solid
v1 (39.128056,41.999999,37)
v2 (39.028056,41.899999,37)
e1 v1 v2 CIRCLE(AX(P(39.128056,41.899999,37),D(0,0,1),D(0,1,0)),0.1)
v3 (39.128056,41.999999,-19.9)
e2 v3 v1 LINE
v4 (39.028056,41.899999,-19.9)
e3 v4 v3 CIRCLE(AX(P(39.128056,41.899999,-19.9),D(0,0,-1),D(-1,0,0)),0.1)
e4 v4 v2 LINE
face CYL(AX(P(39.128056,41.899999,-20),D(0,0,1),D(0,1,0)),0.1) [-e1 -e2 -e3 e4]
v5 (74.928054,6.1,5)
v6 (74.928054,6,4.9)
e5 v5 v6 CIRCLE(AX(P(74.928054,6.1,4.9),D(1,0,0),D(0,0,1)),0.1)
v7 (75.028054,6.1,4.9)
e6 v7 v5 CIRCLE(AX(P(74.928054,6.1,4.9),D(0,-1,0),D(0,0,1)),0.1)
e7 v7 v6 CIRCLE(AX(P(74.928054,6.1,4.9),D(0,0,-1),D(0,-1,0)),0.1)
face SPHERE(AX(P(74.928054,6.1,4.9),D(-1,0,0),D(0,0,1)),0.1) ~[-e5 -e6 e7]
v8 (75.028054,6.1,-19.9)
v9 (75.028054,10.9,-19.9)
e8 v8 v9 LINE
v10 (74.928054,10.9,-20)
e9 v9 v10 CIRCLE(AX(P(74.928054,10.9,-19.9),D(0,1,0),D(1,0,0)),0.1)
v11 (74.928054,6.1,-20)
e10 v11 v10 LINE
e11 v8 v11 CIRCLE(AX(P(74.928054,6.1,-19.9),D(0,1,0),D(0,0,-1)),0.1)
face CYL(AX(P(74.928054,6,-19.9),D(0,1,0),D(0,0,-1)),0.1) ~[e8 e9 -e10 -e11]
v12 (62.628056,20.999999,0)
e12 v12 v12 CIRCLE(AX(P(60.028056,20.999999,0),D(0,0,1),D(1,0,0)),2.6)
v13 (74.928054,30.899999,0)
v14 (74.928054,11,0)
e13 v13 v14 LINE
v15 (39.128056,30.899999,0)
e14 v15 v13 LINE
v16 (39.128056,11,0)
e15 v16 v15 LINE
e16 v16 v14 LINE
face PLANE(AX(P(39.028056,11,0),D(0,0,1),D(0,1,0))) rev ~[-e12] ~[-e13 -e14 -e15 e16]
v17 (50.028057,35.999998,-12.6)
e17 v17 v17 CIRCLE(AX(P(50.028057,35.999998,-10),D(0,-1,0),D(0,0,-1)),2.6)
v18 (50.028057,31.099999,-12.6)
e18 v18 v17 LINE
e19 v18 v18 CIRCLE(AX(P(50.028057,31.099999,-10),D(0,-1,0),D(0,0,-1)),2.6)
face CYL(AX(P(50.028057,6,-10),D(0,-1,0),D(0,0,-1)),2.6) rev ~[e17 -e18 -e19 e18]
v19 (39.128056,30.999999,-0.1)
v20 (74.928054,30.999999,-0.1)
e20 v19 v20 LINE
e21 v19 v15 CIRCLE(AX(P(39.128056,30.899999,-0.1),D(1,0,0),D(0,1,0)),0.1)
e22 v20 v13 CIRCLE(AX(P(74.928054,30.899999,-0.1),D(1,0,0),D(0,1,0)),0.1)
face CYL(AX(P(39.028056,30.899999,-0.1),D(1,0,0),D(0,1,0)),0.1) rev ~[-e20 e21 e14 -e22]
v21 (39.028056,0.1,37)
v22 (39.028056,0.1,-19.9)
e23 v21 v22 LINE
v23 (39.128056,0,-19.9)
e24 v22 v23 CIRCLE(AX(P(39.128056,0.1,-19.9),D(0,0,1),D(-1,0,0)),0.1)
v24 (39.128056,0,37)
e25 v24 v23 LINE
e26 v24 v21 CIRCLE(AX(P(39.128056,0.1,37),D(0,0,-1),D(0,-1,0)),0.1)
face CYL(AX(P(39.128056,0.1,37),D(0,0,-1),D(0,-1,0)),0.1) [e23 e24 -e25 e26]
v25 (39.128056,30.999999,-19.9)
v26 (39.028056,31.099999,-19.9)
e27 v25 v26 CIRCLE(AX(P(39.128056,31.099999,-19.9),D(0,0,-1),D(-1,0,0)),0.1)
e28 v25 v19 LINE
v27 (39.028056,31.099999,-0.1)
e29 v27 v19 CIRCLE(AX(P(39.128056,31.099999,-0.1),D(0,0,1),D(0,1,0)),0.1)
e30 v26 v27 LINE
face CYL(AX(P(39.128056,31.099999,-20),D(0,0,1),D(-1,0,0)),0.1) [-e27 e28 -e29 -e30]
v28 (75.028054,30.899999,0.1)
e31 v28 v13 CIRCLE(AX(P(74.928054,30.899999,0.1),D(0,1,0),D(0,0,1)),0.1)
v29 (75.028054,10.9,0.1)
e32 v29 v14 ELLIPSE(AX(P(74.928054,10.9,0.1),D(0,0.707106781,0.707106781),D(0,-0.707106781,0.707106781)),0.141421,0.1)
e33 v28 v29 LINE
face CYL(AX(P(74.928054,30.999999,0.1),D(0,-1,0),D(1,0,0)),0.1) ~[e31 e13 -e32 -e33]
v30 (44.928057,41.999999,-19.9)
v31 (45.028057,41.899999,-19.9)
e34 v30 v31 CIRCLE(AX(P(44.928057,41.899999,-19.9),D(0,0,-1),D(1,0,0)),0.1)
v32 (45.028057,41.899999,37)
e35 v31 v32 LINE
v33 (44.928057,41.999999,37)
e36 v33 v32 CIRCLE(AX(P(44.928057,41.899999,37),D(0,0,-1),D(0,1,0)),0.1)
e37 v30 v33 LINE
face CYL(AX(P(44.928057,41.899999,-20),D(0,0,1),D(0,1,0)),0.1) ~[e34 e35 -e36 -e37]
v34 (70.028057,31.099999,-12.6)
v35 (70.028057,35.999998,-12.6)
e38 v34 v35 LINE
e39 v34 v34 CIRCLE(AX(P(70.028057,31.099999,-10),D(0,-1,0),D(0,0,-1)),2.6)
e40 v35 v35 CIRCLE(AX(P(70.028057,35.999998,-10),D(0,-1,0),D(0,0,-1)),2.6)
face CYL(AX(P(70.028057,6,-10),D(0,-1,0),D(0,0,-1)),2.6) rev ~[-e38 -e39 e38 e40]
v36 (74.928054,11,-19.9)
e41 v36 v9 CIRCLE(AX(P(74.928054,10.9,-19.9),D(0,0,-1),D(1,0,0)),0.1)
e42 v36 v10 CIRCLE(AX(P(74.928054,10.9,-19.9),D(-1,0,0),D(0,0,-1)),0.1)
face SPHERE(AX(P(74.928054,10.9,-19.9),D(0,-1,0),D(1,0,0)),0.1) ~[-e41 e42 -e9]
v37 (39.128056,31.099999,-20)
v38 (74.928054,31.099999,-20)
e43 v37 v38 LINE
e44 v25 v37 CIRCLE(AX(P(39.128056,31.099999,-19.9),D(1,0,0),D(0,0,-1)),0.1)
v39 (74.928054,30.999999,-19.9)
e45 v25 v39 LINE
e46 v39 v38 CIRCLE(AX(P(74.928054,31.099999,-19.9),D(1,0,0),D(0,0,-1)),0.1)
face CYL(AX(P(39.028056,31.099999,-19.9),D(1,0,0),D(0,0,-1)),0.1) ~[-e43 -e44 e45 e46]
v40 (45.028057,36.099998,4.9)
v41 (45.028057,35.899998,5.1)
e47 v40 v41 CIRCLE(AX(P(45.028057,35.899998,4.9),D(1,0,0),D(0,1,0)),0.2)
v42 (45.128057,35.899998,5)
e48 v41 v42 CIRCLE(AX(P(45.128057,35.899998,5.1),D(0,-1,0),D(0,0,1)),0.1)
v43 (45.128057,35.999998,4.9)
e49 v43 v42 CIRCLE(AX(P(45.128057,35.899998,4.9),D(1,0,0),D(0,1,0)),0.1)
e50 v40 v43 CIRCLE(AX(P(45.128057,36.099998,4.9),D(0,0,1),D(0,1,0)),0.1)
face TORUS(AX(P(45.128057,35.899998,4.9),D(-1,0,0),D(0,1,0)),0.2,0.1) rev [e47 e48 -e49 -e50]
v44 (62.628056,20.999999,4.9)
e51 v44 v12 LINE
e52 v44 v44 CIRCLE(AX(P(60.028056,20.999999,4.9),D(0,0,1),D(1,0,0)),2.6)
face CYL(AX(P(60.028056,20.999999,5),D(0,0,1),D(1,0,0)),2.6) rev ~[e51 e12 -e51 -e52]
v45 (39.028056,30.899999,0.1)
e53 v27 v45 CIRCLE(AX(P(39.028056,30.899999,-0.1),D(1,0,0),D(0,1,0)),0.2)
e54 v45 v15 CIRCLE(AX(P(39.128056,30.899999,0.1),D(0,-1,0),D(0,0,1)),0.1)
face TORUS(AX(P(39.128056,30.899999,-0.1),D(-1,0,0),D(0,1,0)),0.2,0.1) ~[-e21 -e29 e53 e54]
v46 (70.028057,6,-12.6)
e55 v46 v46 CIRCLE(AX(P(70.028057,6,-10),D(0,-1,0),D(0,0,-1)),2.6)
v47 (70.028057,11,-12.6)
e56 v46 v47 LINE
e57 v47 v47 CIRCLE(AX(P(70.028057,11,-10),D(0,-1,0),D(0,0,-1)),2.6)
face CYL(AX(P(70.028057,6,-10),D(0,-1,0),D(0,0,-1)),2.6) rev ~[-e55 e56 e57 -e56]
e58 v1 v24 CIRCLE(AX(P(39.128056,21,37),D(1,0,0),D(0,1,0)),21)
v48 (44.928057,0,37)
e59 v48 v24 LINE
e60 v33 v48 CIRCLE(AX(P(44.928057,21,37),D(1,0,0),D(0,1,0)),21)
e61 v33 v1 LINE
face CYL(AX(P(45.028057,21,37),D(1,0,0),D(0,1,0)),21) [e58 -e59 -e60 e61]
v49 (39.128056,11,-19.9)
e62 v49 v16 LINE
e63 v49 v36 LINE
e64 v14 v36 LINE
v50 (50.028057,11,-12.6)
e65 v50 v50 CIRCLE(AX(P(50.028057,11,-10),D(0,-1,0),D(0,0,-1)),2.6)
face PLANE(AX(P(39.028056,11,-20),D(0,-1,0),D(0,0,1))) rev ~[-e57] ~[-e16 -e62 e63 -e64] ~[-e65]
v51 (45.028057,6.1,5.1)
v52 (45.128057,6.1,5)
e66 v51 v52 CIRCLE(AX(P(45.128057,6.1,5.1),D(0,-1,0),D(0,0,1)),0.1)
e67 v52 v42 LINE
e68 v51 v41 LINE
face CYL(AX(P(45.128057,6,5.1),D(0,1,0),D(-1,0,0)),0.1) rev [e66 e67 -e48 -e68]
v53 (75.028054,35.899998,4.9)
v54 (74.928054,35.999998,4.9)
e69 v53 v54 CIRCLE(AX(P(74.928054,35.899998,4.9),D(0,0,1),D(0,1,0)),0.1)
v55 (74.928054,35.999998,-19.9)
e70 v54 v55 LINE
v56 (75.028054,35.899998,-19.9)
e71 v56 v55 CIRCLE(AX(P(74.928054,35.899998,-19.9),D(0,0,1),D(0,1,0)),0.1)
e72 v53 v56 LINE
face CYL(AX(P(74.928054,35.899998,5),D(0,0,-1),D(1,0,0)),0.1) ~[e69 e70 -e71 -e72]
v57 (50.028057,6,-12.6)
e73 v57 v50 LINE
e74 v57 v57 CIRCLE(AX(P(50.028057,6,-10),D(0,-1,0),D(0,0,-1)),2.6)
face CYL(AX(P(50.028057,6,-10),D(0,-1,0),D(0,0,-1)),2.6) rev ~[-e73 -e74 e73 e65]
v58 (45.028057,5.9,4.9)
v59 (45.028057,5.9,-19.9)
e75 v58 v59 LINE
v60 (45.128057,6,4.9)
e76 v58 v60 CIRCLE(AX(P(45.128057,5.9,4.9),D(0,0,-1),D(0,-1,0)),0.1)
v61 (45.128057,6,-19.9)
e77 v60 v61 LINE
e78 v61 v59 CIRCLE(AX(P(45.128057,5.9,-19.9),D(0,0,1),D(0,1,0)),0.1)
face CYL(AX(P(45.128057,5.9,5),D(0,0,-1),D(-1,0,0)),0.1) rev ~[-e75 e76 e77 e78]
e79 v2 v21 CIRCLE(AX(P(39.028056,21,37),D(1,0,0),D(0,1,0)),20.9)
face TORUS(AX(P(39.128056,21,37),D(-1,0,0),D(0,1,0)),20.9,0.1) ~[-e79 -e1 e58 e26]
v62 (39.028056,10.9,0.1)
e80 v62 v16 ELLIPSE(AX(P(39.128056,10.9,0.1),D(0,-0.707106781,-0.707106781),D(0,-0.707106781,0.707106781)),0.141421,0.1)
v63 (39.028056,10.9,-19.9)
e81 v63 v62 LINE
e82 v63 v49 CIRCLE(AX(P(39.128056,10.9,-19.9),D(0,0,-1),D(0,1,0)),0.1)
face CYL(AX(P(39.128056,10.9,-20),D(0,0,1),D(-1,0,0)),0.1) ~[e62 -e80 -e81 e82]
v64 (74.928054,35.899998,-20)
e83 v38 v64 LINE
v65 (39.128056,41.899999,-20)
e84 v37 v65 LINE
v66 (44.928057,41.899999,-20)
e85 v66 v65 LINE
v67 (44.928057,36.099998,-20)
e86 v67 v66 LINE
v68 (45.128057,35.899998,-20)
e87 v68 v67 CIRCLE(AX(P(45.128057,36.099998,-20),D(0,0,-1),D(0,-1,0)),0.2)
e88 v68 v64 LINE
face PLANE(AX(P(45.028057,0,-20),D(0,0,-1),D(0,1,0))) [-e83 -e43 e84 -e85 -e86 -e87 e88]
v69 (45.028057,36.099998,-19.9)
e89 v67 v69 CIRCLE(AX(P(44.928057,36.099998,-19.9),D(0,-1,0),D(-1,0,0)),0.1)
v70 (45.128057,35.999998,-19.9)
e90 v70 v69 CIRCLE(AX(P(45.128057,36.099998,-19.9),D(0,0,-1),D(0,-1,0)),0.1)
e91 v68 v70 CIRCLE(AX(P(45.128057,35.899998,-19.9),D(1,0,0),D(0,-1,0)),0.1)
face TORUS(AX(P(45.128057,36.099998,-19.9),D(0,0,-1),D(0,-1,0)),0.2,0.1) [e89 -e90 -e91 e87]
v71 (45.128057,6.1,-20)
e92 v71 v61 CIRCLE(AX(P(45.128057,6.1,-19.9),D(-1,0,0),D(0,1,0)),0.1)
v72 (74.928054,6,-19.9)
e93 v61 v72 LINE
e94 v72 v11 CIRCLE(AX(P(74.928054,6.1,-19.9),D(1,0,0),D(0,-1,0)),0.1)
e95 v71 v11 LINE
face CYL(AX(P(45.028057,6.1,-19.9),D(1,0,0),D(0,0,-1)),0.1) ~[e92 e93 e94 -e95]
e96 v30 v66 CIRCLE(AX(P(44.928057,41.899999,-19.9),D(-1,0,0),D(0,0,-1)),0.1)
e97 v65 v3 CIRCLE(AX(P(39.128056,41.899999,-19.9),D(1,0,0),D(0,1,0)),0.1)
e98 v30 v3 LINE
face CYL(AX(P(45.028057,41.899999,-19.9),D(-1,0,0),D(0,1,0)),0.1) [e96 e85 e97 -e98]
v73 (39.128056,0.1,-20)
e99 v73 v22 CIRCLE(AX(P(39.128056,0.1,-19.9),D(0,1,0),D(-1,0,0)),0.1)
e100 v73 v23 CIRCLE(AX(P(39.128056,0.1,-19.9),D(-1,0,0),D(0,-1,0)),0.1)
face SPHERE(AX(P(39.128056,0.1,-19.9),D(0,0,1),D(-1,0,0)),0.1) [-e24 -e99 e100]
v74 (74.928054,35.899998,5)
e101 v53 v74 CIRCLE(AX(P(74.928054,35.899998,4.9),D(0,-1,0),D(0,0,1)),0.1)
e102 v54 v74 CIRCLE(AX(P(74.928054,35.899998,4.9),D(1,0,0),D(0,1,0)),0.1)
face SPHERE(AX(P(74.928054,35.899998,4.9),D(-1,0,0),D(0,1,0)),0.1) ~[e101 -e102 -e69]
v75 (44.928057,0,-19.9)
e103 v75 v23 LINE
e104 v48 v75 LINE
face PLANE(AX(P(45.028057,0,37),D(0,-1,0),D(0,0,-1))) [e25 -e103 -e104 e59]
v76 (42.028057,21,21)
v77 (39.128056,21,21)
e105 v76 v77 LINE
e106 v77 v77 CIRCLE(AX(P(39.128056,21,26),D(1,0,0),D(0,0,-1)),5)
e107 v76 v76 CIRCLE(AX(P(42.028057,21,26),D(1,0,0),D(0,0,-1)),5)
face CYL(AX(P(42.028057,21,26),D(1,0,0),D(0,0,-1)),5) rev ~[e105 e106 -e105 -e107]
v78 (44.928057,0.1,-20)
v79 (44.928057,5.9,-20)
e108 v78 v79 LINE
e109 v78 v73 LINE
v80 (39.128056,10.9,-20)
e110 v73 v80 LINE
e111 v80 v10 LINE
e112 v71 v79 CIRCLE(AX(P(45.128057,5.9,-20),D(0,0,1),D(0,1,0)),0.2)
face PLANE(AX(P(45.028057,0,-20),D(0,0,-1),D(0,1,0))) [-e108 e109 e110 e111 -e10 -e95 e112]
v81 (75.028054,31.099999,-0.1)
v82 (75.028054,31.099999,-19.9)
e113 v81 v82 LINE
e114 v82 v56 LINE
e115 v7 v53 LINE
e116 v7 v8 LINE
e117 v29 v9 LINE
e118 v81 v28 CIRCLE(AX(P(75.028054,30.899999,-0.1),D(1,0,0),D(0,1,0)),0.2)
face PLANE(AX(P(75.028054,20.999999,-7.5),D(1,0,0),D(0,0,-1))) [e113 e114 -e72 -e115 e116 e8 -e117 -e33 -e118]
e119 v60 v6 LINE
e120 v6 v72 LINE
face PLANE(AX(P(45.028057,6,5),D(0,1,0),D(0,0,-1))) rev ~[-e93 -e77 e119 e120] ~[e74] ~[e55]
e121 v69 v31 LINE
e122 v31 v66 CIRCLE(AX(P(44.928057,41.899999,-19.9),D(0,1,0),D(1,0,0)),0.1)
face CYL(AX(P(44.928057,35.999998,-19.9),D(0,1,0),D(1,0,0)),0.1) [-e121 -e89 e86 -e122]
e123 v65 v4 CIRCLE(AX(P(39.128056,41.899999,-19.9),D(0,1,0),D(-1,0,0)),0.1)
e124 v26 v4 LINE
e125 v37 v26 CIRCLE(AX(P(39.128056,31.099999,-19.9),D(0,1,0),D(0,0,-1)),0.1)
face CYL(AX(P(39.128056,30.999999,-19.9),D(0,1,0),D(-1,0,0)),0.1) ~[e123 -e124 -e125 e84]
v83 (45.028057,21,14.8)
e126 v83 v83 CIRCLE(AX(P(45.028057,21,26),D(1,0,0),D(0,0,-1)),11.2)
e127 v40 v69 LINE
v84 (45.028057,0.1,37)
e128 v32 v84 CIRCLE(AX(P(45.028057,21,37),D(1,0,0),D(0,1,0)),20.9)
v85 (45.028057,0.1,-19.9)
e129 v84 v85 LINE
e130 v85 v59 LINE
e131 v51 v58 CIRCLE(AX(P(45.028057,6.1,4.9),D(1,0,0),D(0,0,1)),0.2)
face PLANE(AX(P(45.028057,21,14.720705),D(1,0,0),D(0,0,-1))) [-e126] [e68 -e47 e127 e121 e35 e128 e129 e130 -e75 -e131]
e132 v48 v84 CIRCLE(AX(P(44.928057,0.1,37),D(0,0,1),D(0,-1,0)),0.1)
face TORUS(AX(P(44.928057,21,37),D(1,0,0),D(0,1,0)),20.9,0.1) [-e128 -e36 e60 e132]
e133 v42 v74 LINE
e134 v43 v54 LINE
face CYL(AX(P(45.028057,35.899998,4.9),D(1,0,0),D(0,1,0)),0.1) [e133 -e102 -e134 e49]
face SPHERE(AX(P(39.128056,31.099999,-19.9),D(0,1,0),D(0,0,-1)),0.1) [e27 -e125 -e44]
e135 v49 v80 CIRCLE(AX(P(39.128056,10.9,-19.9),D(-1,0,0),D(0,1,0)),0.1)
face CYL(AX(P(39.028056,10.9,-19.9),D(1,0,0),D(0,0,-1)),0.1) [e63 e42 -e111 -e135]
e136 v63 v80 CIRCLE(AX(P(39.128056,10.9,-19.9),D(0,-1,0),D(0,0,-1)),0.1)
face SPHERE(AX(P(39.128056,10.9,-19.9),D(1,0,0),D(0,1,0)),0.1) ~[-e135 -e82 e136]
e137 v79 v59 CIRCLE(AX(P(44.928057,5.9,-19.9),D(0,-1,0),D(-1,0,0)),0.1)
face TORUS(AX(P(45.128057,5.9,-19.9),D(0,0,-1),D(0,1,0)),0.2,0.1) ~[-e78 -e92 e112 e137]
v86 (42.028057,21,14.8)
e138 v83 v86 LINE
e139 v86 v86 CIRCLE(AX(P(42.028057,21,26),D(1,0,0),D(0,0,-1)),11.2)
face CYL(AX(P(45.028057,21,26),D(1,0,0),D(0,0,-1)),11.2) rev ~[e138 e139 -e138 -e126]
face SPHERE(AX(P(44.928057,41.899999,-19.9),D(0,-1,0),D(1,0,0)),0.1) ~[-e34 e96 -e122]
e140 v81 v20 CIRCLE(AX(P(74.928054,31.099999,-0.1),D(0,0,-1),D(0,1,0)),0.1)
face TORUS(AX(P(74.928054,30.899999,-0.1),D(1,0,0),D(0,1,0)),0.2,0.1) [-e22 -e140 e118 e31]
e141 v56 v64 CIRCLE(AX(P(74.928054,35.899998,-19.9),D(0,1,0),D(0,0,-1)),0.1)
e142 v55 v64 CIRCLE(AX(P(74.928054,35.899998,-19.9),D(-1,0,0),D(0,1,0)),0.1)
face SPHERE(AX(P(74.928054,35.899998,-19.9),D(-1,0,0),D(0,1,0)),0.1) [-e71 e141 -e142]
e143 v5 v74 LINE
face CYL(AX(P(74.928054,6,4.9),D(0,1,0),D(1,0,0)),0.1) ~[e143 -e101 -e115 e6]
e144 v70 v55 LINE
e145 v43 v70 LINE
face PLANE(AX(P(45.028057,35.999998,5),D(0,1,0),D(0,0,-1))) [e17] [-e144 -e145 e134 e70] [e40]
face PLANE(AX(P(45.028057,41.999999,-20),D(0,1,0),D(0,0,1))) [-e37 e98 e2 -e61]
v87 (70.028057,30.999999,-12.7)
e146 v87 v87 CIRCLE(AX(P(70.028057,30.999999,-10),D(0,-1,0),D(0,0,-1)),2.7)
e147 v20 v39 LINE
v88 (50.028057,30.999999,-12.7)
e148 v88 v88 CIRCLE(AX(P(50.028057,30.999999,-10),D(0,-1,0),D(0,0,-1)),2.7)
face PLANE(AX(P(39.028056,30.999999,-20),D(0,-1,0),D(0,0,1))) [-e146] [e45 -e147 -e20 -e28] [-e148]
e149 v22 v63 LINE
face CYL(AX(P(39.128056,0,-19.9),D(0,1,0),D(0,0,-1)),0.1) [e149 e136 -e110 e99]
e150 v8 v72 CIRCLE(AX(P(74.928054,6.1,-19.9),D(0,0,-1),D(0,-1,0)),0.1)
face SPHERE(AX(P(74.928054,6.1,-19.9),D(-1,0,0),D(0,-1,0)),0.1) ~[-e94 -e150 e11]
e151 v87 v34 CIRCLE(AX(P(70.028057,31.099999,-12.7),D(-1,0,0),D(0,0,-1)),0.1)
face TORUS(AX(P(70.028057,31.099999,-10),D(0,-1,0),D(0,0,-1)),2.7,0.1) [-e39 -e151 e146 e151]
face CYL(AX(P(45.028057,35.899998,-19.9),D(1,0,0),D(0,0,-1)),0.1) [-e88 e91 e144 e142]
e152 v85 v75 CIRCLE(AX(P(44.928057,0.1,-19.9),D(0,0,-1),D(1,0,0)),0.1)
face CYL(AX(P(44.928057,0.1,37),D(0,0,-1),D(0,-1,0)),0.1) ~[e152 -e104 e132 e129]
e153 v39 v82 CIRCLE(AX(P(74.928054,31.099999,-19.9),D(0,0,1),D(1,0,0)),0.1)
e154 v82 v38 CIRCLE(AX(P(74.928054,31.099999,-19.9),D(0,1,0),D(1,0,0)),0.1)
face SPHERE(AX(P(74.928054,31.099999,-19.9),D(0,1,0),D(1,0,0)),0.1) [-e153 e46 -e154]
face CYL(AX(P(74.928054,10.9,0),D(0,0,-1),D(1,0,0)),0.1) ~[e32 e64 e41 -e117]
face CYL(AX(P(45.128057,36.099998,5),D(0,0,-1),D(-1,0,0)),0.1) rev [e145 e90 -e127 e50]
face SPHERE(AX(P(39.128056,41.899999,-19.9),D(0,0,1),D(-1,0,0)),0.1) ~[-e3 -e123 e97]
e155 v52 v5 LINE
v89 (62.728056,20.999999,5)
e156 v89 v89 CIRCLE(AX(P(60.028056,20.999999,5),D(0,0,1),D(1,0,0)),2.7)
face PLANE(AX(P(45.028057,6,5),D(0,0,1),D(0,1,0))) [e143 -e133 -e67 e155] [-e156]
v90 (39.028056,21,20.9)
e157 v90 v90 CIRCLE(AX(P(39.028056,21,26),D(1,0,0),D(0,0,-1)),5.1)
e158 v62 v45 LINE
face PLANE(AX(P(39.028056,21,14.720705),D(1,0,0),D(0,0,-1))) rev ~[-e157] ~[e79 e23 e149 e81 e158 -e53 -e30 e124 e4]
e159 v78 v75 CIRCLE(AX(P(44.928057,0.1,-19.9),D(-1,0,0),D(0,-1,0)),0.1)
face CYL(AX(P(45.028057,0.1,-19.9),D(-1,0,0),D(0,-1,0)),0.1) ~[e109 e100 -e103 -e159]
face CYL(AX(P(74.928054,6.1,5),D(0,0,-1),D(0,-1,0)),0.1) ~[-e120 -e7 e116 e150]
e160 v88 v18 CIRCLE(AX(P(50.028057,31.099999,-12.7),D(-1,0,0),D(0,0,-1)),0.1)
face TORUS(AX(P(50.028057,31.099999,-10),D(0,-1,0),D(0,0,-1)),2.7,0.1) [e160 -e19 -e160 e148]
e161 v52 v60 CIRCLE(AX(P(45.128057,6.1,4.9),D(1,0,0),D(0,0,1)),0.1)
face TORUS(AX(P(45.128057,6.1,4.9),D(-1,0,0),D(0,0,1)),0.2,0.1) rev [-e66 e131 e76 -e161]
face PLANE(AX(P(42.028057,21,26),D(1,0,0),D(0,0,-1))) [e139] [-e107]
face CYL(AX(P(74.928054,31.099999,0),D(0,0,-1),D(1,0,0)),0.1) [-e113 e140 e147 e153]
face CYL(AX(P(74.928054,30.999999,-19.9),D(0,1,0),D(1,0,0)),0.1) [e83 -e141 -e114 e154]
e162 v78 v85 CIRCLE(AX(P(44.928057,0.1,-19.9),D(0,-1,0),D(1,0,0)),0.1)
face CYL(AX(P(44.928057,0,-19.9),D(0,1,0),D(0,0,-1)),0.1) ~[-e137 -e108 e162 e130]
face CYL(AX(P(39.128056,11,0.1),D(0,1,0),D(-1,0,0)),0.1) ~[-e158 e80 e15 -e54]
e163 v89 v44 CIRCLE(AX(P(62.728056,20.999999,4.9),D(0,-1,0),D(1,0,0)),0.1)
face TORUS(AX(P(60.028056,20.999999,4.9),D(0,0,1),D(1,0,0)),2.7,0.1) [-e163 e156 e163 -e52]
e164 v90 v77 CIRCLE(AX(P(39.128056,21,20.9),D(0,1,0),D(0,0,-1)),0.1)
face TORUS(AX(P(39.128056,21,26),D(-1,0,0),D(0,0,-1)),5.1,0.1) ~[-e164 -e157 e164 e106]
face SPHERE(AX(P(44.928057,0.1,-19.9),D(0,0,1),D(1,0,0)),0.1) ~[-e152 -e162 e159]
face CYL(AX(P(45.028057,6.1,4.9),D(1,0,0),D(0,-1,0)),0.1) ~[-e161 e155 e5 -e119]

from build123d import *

# Parameters (mm, degrees)
BOSS_EXTRUDE1_DEPTH = 6.000000983
SKETCH2_W           = 24.999999441
SKETCH2_H           = 29.999998398
BOSS_EXTRUDE2_DEPTH = 29.999997467
SKETCH3_W           = 19.999999553
SKETCH3_H           = 19.999999553
CUT_EXTRUDE1_DEPTH  = 81.149858764
SKETCH14_R          = 11.2
CUT_EXTRUDE12_DEPTH = 3
SKETCH15_R          = 2.6
CUT_EXTRUDE13_DEPTH = 102.435737903
SKETCH19_R          = 2.6
CUT_EXTRUDE15_DEPTH = 102.00598463
SKETCH22_R          = 5
CUT_EXTRUDE16_DEPTH = 10
FILLET1_R           = 0.1


with BuildPart() as part:
    # Sketch1 → Boss-Extrude1 (new body)
    with BuildSketch(Plane(origin=(45.028056949, 0, 0), x_dir=(0, 0, -1), z_dir=(1, 0, 0))):
        with BuildLine():
            Line((-37.000000447, 0), (19.999999553, 0))
            Line((19.999999553, 0), (19.999999553, 41.999999434))
            Line((19.999999553, 41.999999434), (-37.000000447, 41.999999434))
            ThreePointArc((-37.000000447, 41.999999434), (-58.000000164, 20.999999717), (-37.000000447, 0))
        make_face()
    extrude(amount=-BOSS_EXTRUDE1_DEPTH)

    # Sketch2 → Boss-Extrude2 (add)
    with BuildSketch(Plane(origin=(45.028056949, 0, 0), x_dir=(0, 0, -1), z_dir=(1, 0, 0))):
        with Locations((7.499999833, 20.999999251)):
            Rectangle(SKETCH2_W, SKETCH2_H)
    extrude(amount=BOSS_EXTRUDE2_DEPTH)

    # Sketch3 → Cut-Extrude1 (cut, through all)
    with BuildSketch(Plane.ZY.offset(-39.028055966)):
        with Locations((-9.999999777, 20.999999716)):
            Rectangle(SKETCH3_W, SKETCH3_H)
    extrude(amount=-CUT_EXTRUDE1_DEPTH, mode=Mode.SUBTRACT)

    # Sketch14 → Cut-Extrude12 (cut)
    with BuildSketch(Plane(origin=(45.028056949, 0, 0), x_dir=(0, 0, -1), z_dir=(1, 0, 0))):
        with Locations((-25.999999888, 20.999999717)):
            Circle(SKETCH14_R)
    extrude(amount=-CUT_EXTRUDE12_DEPTH, mode=Mode.SUBTRACT)

    # Sketch15 → Cut-Extrude13 (cut, through all)
    with BuildSketch(Plane(origin=(0, 6.000000052, 0), x_dir=(-1, 0, 0), z_dir=(0, -1, 0))):
        with Locations(Location((-50.028056949, 9.999999553, 0), (0, 0, 90))):
            Circle(SKETCH15_R)
        with Locations(Location((-70.028056949, 9.999999553, 0), (0, 0, 90))):
            Circle(SKETCH15_R)
    extrude(amount=-CUT_EXTRUDE13_DEPTH, mode=Mode.SUBTRACT)

    # Sketch19 → Cut-Extrude15 (cut, through all)
    with BuildSketch(Plane.XY.offset(4.999999888)):
        with Locations((60.028055683, 20.999999251)):
            Circle(SKETCH19_R)
    extrude(amount=-CUT_EXTRUDE15_DEPTH, mode=Mode.SUBTRACT)

    # Sketch22 → Cut-Extrude16 (cut)
    with BuildSketch(Plane(origin=(42.028056949, 0, 0), x_dir=(0, 0, -1), z_dir=(1, 0, 0))):
        with Locations((-25.999999888, 20.999999717)):
            Circle(SKETCH22_R)
    extrude(amount=-CUT_EXTRUDE16_DEPTH, mode=Mode.SUBTRACT)

    # Fillet1
    fillet1_edges = [part.edges().sort_by_distance(p)[0] for p in [
        (39.028055966, 20.999999717, 58.000000164),
        (45.028056949, 38.999998942, -19.999999553),
        (45.028056949, 35.99999845, -7.499999832),
        (39.028055966, 0, 8.500000447),
        (60.028055683, 35.99999845, -19.999999553),
        (45.028056949, 20.999999251, 4.999999888),
        (60.028055683, 35.99999845, 4.999999888),
        (45.028056949, 6.000000052, -7.499999832),
        (60.028055683, 6.000000052, 4.999999888),
        (60.028055683, 6.000000052, -19.999999553),
        (75.028054416, 35.99999845, -7.499999832),
        (75.028054416, 20.999999251, 4.999999888),
        (75.028054416, 6.000000052, -7.499999832),
        (75.028054416, 8.499999996, -19.999999553),
        (75.028054416, 33.499998972, -19.999999553),
        (39.028055966, 36.499999464, -19.999999553),
        (75.028054416, 30.999999493, -9.999999776),
        (57.028055191, 30.999999493, -19.999999553),
        (75.028054416, 20.999999717, 0),
        (57.028055191, 30.999999493, 0),
        (75.028054416, 10.99999994, -9.999999776),
        (57.028055191, 10.99999994, -19.999999553),
        (39.028055966, 30.999999493, -9.999999776),
        (39.028055966, 10.99999994, -9.999999776),
        (39.028055966, 20.999999717, 0),
        (39.028055966, 5.49999997, -19.999999553),
        (45.028056949, 0, 8.500000447),
        (45.028056949, 20.999999717, 58.000000164),
        (50.028056949, 30.999999493, -7.399999553),
        (45.028056949, 41.999999434, 8.500000447),
        (70.028056949, 30.999999493, -7.399999553),
        (45.028056949, 3.000000026, -19.999999553),
        (57.428055683, 20.999999251, 4.999999888),
        (39.028055966, 20.999999717, 30.999999888),
        (42.028056458, 0, -19.999999553),
        (42.028056458, 41.999999434, -19.999999553),
        (39.028055966, 41.999999434, 8.500000447),
    ]]
    fillet(fillet1_edges, radius=FILLET1_R)


solid = part.part
